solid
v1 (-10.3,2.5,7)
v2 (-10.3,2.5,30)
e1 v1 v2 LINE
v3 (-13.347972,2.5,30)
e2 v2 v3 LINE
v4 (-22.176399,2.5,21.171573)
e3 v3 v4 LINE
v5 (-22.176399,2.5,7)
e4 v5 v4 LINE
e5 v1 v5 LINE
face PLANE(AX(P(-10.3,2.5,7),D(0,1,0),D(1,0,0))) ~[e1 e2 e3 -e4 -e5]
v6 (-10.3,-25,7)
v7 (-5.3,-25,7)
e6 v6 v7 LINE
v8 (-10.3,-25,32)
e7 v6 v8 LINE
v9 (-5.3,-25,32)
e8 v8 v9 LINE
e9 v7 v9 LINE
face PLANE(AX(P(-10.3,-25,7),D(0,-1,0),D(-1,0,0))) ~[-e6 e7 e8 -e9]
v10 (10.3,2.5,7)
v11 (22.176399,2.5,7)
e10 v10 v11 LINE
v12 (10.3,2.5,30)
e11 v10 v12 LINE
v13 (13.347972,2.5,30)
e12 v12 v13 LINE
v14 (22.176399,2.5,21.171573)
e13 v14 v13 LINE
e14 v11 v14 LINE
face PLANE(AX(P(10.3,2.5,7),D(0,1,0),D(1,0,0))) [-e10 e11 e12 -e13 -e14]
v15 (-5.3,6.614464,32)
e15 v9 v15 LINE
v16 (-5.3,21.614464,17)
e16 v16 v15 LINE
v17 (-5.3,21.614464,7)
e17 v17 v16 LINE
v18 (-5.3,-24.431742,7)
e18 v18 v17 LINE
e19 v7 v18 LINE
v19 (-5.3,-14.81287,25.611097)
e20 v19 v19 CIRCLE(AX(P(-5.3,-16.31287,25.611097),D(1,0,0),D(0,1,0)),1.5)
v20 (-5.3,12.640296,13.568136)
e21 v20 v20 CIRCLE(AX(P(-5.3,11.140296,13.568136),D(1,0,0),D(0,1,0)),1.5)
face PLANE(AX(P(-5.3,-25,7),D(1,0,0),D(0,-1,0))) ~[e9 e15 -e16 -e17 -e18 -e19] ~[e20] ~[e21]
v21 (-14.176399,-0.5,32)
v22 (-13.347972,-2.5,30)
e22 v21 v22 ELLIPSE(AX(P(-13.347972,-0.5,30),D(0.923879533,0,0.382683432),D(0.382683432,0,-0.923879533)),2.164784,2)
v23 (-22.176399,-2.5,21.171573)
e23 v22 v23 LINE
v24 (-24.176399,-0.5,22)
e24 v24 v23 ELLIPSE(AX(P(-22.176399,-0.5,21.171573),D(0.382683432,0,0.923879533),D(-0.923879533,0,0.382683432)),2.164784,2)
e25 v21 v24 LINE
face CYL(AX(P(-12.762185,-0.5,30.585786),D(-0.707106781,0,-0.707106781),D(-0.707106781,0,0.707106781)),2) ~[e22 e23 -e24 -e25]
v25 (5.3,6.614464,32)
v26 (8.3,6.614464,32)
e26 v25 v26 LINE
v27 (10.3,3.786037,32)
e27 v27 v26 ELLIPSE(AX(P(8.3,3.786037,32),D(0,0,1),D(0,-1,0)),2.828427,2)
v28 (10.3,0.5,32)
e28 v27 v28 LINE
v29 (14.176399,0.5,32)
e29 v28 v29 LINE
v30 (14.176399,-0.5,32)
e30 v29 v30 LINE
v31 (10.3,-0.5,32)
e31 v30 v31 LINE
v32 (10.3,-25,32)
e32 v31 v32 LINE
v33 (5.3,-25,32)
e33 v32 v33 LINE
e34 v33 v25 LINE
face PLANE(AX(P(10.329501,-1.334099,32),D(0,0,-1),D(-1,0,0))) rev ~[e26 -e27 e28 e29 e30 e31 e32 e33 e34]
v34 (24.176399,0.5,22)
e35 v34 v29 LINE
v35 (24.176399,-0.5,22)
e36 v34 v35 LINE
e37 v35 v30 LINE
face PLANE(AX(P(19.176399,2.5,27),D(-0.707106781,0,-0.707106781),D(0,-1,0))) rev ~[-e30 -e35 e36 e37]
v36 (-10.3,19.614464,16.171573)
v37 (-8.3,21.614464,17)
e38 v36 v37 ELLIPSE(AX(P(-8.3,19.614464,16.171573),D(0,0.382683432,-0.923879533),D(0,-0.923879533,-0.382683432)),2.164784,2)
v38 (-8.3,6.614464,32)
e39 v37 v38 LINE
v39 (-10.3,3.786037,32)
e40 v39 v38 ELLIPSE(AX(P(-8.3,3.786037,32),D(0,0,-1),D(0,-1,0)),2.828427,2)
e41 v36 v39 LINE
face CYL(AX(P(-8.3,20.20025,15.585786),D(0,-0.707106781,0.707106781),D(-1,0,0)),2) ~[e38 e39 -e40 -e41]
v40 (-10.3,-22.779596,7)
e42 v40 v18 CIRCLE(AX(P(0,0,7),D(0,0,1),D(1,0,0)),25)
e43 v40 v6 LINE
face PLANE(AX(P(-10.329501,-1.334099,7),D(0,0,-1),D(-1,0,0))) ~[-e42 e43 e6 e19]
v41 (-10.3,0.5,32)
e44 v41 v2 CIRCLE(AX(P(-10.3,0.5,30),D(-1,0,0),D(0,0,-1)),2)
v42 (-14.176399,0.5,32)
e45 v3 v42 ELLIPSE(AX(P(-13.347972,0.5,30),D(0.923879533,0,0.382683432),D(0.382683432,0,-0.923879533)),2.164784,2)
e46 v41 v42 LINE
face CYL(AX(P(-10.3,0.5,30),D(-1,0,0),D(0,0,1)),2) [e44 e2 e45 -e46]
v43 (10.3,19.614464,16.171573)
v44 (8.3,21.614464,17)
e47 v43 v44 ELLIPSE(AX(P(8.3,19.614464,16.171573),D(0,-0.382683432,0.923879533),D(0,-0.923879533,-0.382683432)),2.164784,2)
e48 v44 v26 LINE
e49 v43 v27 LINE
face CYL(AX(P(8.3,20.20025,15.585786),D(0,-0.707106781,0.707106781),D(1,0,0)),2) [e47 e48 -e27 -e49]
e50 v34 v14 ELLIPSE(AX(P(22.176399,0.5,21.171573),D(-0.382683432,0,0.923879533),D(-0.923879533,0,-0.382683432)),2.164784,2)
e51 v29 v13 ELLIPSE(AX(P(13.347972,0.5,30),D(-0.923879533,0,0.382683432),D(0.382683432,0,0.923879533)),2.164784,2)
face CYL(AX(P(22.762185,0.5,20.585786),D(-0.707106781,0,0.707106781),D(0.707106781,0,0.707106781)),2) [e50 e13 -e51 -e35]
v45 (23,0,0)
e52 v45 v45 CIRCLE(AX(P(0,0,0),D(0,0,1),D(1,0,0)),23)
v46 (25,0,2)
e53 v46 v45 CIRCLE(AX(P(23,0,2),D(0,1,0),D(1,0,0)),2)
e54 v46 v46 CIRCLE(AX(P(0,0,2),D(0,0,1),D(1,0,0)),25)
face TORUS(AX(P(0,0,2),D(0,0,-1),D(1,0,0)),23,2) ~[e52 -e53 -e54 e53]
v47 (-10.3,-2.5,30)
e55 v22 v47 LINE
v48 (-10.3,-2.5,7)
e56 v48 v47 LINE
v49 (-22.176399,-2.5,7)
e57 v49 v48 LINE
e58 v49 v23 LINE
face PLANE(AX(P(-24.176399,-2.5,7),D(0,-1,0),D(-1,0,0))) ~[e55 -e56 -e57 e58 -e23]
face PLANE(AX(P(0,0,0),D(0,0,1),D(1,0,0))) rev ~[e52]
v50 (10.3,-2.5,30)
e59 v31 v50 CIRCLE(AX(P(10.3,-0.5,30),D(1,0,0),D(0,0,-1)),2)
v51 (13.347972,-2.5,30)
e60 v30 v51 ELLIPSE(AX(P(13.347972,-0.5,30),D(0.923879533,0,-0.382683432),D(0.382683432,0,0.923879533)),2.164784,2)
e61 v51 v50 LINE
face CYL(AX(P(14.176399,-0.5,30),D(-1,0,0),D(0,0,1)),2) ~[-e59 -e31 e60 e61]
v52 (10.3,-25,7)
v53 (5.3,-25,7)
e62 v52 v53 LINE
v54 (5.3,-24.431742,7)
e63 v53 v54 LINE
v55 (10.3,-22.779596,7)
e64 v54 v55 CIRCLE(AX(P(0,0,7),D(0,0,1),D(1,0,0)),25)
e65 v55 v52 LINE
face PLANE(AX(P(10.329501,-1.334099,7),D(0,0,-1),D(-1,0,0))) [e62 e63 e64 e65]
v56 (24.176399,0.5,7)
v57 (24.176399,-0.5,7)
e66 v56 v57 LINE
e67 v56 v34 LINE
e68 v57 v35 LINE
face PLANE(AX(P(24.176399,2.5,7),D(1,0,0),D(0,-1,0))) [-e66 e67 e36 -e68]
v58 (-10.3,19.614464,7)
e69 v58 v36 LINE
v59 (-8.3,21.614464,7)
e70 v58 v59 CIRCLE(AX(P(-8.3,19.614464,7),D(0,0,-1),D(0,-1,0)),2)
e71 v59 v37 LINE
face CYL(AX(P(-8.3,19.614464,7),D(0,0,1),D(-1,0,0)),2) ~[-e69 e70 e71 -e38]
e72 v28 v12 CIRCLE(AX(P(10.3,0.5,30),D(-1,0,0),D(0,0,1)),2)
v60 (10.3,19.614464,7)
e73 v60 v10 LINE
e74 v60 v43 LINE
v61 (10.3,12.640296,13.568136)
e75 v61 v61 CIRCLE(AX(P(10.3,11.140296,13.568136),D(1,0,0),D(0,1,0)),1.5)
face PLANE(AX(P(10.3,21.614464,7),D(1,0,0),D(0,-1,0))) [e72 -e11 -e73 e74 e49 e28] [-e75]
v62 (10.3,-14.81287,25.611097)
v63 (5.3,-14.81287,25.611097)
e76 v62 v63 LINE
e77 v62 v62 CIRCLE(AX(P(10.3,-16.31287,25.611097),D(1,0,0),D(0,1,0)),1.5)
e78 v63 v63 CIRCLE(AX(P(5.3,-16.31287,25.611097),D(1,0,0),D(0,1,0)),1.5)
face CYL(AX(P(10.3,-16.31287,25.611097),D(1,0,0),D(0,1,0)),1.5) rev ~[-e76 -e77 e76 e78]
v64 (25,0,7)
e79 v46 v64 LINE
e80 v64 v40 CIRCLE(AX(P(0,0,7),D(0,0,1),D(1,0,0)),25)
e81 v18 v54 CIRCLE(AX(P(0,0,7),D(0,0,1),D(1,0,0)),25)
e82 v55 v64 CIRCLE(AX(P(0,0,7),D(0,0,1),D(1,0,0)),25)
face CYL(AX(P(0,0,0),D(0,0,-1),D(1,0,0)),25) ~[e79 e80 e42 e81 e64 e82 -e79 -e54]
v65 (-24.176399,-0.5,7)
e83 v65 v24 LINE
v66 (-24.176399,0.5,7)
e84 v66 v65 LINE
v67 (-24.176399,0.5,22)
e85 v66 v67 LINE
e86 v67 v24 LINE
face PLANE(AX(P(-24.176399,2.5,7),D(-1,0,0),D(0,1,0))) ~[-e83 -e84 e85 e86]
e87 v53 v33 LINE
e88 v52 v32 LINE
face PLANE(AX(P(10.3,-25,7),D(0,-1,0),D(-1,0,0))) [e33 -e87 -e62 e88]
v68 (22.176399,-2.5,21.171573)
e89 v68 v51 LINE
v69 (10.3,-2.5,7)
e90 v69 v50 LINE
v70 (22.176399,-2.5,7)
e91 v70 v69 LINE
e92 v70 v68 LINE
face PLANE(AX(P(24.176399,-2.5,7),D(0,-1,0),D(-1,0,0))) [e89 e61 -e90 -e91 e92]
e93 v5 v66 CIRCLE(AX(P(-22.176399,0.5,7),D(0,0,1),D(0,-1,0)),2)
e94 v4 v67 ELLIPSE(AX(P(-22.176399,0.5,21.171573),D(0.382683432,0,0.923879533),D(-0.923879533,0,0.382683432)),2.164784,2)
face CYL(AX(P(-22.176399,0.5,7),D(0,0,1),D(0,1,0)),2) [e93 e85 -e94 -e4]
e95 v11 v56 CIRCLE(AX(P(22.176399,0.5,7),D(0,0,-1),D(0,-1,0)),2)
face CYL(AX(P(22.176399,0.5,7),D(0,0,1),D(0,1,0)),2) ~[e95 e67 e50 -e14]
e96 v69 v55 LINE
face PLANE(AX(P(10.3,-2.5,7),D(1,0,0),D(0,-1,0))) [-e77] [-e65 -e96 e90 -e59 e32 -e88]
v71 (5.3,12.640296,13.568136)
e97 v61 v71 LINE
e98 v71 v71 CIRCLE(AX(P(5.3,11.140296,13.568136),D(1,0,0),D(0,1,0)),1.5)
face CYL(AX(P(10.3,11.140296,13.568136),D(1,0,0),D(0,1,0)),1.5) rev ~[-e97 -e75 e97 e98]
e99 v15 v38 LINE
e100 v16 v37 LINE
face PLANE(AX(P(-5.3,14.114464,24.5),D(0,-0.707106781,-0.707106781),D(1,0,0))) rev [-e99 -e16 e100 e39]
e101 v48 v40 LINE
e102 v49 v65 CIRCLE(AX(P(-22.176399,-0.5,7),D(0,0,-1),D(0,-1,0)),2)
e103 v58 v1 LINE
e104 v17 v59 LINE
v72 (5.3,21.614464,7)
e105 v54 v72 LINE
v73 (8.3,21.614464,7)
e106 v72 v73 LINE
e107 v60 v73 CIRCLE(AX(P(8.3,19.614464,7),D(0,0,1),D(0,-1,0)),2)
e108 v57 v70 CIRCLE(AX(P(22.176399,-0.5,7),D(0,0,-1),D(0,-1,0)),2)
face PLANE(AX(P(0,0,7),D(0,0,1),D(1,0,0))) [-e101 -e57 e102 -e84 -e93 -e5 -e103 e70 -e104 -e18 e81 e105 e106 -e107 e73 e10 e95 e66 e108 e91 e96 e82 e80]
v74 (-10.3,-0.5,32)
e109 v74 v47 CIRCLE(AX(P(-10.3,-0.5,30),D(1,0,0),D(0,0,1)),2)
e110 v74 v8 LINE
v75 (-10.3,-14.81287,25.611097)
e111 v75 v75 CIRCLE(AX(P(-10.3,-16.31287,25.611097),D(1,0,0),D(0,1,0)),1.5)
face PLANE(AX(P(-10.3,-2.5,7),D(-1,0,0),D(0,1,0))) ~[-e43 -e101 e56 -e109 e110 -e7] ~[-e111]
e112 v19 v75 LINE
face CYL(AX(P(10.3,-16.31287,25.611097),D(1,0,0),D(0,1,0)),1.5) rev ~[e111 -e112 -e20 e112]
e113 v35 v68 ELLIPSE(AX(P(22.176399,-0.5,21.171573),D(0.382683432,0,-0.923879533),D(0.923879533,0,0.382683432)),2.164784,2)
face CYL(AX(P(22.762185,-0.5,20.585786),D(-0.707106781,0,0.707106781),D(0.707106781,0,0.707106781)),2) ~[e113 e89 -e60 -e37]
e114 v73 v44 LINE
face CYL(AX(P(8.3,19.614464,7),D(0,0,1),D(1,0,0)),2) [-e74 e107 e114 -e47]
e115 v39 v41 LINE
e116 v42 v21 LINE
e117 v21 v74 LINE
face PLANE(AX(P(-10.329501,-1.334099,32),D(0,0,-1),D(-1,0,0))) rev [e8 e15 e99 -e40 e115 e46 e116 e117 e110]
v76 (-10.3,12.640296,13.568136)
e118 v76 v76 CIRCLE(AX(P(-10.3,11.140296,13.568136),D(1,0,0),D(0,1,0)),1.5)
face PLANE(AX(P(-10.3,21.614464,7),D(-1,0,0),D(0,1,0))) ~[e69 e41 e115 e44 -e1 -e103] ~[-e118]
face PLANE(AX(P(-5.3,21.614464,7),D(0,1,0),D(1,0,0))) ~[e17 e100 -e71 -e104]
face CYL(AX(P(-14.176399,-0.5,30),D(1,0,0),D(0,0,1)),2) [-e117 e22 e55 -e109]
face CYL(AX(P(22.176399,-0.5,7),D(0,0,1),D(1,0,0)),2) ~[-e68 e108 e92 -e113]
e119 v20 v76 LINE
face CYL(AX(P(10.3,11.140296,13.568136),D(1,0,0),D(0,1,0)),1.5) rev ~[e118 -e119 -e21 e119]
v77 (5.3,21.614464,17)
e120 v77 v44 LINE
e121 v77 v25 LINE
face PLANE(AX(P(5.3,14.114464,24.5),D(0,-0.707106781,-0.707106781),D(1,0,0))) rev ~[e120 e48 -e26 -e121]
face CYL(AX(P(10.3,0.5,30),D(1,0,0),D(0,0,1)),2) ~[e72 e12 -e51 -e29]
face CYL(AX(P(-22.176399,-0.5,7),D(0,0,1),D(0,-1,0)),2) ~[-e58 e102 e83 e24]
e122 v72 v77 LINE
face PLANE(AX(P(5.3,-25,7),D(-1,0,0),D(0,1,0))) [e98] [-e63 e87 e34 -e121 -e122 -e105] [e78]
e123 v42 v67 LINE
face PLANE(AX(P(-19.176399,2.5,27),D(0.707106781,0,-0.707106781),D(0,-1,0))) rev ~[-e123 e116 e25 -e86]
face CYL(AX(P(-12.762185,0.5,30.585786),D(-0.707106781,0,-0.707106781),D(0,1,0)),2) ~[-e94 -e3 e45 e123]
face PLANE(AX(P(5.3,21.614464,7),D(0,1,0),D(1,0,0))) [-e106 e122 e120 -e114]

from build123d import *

# Parameters (mm, degrees)
SKETCH_R        = 25
PAD_DEPTH       = 7
PAD001_DEPTH    = 25
CHAMFER_SIZE    = 15
CHAMFER001_SIZE = 10
FILLET_R        = 2
FILLET001_R     = 2
FILLET002_R     = 2
SKETCH002_R     = 1.5
POCKET_DEPTH    = 35.301
FILLET003_R     = 2


with BuildPart() as part:
    # Sketch → Pad (new body)
    with BuildSketch(Plane.XY):
        Circle(SKETCH_R)
    extrude(amount=PAD_DEPTH)

    # Sketch001 → Pad001 (new body)
    with BuildSketch(Plane.XY.offset(7)):
        Polygon((5.3, 21.614464), (10.3, 21.614464), (10.3, 2.5), (24.176399, 2.5), (24.176399, -2.5), (10.3, -2.5), (10.3, -25), (5.3, -25), align=None)
    pad001 = extrude(amount=PAD001_DEPTH)

    # Mirrored: Pad001 across Sketch001 V_Axis
    add(pad001.mirror(Plane(origin=(0, 0, 7), x_dir=(0, 0, 1), z_dir=(1, 0, 0))))

    # Chamfer
    chamfer_edges = [part.edges().sort_by_distance(p)[0] for p in [
        (7.8, 21.614464, 32),
        (-7.8, 21.614464, 32),
    ]]
    chamfer(chamfer_edges, length=CHAMFER_SIZE)

    # Chamfer001
    chamfer001_edges = [part.edges().sort_by_distance(p)[0] for p in [
        (24.176399, 0, 32),
        (-24.176399, 0, 32),
    ]]
    chamfer(chamfer001_edges, length=CHAMFER001_SIZE)

    # Fillet
    fillet_edges = [part.edges().sort_by_distance(p)[0] for p in [
        (10.3, 14.114464, 24.5),
        (10.3, 21.614464, 12),
        (-10.3, 14.114464, 24.5),
        (-10.3, 21.614464, 12),
    ]]
    fillet(fillet_edges, radius=FILLET_R)

    # Fillet001
    fillet001_edges = [part.edges().sort_by_distance(p)[0] for p in [
        (-19.176399, 2.5, 27),
        (-24.176399, 2.5, 14.5),
        (-19.176399, -2.5, 27),
        (-24.176399, -2.5, 14.5),
        (-12.2382, 2.5, 32),
        (-12.2382, -2.5, 32),
    ]]
    fillet(fillet001_edges, radius=FILLET001_R)

    # Fillet002
    fillet002_edges = [part.edges().sort_by_distance(p)[0] for p in [
        (12.2382, 2.5, 32),
        (19.176399, 2.5, 27),
        (24.176399, 2.5, 14.5),
        (24.176399, -2.5, 14.5),
        (19.176399, -2.5, 27),
        (12.2382, -2.5, 32),
    ]]
    fillet(fillet002_edges, radius=FILLET002_R)

    # Sketch002 → Pocket (cut, through all)
    with BuildSketch(Plane.YZ.offset(10.3)):
        with Locations((11.140296, 13.568136)):
            Circle(SKETCH002_R)
        with Locations((-16.31287, 25.611097)):
            Circle(SKETCH002_R)
    extrude(amount=-POCKET_DEPTH, mode=Mode.SUBTRACT)

    # Fillet003
    fillet003_edges = [part.edges().sort_by_distance(p)[0] for p in [
        (-25, 0, 0),
    ]]
    fillet(fillet003_edges, radius=FILLET003_R)


solid = part.part
